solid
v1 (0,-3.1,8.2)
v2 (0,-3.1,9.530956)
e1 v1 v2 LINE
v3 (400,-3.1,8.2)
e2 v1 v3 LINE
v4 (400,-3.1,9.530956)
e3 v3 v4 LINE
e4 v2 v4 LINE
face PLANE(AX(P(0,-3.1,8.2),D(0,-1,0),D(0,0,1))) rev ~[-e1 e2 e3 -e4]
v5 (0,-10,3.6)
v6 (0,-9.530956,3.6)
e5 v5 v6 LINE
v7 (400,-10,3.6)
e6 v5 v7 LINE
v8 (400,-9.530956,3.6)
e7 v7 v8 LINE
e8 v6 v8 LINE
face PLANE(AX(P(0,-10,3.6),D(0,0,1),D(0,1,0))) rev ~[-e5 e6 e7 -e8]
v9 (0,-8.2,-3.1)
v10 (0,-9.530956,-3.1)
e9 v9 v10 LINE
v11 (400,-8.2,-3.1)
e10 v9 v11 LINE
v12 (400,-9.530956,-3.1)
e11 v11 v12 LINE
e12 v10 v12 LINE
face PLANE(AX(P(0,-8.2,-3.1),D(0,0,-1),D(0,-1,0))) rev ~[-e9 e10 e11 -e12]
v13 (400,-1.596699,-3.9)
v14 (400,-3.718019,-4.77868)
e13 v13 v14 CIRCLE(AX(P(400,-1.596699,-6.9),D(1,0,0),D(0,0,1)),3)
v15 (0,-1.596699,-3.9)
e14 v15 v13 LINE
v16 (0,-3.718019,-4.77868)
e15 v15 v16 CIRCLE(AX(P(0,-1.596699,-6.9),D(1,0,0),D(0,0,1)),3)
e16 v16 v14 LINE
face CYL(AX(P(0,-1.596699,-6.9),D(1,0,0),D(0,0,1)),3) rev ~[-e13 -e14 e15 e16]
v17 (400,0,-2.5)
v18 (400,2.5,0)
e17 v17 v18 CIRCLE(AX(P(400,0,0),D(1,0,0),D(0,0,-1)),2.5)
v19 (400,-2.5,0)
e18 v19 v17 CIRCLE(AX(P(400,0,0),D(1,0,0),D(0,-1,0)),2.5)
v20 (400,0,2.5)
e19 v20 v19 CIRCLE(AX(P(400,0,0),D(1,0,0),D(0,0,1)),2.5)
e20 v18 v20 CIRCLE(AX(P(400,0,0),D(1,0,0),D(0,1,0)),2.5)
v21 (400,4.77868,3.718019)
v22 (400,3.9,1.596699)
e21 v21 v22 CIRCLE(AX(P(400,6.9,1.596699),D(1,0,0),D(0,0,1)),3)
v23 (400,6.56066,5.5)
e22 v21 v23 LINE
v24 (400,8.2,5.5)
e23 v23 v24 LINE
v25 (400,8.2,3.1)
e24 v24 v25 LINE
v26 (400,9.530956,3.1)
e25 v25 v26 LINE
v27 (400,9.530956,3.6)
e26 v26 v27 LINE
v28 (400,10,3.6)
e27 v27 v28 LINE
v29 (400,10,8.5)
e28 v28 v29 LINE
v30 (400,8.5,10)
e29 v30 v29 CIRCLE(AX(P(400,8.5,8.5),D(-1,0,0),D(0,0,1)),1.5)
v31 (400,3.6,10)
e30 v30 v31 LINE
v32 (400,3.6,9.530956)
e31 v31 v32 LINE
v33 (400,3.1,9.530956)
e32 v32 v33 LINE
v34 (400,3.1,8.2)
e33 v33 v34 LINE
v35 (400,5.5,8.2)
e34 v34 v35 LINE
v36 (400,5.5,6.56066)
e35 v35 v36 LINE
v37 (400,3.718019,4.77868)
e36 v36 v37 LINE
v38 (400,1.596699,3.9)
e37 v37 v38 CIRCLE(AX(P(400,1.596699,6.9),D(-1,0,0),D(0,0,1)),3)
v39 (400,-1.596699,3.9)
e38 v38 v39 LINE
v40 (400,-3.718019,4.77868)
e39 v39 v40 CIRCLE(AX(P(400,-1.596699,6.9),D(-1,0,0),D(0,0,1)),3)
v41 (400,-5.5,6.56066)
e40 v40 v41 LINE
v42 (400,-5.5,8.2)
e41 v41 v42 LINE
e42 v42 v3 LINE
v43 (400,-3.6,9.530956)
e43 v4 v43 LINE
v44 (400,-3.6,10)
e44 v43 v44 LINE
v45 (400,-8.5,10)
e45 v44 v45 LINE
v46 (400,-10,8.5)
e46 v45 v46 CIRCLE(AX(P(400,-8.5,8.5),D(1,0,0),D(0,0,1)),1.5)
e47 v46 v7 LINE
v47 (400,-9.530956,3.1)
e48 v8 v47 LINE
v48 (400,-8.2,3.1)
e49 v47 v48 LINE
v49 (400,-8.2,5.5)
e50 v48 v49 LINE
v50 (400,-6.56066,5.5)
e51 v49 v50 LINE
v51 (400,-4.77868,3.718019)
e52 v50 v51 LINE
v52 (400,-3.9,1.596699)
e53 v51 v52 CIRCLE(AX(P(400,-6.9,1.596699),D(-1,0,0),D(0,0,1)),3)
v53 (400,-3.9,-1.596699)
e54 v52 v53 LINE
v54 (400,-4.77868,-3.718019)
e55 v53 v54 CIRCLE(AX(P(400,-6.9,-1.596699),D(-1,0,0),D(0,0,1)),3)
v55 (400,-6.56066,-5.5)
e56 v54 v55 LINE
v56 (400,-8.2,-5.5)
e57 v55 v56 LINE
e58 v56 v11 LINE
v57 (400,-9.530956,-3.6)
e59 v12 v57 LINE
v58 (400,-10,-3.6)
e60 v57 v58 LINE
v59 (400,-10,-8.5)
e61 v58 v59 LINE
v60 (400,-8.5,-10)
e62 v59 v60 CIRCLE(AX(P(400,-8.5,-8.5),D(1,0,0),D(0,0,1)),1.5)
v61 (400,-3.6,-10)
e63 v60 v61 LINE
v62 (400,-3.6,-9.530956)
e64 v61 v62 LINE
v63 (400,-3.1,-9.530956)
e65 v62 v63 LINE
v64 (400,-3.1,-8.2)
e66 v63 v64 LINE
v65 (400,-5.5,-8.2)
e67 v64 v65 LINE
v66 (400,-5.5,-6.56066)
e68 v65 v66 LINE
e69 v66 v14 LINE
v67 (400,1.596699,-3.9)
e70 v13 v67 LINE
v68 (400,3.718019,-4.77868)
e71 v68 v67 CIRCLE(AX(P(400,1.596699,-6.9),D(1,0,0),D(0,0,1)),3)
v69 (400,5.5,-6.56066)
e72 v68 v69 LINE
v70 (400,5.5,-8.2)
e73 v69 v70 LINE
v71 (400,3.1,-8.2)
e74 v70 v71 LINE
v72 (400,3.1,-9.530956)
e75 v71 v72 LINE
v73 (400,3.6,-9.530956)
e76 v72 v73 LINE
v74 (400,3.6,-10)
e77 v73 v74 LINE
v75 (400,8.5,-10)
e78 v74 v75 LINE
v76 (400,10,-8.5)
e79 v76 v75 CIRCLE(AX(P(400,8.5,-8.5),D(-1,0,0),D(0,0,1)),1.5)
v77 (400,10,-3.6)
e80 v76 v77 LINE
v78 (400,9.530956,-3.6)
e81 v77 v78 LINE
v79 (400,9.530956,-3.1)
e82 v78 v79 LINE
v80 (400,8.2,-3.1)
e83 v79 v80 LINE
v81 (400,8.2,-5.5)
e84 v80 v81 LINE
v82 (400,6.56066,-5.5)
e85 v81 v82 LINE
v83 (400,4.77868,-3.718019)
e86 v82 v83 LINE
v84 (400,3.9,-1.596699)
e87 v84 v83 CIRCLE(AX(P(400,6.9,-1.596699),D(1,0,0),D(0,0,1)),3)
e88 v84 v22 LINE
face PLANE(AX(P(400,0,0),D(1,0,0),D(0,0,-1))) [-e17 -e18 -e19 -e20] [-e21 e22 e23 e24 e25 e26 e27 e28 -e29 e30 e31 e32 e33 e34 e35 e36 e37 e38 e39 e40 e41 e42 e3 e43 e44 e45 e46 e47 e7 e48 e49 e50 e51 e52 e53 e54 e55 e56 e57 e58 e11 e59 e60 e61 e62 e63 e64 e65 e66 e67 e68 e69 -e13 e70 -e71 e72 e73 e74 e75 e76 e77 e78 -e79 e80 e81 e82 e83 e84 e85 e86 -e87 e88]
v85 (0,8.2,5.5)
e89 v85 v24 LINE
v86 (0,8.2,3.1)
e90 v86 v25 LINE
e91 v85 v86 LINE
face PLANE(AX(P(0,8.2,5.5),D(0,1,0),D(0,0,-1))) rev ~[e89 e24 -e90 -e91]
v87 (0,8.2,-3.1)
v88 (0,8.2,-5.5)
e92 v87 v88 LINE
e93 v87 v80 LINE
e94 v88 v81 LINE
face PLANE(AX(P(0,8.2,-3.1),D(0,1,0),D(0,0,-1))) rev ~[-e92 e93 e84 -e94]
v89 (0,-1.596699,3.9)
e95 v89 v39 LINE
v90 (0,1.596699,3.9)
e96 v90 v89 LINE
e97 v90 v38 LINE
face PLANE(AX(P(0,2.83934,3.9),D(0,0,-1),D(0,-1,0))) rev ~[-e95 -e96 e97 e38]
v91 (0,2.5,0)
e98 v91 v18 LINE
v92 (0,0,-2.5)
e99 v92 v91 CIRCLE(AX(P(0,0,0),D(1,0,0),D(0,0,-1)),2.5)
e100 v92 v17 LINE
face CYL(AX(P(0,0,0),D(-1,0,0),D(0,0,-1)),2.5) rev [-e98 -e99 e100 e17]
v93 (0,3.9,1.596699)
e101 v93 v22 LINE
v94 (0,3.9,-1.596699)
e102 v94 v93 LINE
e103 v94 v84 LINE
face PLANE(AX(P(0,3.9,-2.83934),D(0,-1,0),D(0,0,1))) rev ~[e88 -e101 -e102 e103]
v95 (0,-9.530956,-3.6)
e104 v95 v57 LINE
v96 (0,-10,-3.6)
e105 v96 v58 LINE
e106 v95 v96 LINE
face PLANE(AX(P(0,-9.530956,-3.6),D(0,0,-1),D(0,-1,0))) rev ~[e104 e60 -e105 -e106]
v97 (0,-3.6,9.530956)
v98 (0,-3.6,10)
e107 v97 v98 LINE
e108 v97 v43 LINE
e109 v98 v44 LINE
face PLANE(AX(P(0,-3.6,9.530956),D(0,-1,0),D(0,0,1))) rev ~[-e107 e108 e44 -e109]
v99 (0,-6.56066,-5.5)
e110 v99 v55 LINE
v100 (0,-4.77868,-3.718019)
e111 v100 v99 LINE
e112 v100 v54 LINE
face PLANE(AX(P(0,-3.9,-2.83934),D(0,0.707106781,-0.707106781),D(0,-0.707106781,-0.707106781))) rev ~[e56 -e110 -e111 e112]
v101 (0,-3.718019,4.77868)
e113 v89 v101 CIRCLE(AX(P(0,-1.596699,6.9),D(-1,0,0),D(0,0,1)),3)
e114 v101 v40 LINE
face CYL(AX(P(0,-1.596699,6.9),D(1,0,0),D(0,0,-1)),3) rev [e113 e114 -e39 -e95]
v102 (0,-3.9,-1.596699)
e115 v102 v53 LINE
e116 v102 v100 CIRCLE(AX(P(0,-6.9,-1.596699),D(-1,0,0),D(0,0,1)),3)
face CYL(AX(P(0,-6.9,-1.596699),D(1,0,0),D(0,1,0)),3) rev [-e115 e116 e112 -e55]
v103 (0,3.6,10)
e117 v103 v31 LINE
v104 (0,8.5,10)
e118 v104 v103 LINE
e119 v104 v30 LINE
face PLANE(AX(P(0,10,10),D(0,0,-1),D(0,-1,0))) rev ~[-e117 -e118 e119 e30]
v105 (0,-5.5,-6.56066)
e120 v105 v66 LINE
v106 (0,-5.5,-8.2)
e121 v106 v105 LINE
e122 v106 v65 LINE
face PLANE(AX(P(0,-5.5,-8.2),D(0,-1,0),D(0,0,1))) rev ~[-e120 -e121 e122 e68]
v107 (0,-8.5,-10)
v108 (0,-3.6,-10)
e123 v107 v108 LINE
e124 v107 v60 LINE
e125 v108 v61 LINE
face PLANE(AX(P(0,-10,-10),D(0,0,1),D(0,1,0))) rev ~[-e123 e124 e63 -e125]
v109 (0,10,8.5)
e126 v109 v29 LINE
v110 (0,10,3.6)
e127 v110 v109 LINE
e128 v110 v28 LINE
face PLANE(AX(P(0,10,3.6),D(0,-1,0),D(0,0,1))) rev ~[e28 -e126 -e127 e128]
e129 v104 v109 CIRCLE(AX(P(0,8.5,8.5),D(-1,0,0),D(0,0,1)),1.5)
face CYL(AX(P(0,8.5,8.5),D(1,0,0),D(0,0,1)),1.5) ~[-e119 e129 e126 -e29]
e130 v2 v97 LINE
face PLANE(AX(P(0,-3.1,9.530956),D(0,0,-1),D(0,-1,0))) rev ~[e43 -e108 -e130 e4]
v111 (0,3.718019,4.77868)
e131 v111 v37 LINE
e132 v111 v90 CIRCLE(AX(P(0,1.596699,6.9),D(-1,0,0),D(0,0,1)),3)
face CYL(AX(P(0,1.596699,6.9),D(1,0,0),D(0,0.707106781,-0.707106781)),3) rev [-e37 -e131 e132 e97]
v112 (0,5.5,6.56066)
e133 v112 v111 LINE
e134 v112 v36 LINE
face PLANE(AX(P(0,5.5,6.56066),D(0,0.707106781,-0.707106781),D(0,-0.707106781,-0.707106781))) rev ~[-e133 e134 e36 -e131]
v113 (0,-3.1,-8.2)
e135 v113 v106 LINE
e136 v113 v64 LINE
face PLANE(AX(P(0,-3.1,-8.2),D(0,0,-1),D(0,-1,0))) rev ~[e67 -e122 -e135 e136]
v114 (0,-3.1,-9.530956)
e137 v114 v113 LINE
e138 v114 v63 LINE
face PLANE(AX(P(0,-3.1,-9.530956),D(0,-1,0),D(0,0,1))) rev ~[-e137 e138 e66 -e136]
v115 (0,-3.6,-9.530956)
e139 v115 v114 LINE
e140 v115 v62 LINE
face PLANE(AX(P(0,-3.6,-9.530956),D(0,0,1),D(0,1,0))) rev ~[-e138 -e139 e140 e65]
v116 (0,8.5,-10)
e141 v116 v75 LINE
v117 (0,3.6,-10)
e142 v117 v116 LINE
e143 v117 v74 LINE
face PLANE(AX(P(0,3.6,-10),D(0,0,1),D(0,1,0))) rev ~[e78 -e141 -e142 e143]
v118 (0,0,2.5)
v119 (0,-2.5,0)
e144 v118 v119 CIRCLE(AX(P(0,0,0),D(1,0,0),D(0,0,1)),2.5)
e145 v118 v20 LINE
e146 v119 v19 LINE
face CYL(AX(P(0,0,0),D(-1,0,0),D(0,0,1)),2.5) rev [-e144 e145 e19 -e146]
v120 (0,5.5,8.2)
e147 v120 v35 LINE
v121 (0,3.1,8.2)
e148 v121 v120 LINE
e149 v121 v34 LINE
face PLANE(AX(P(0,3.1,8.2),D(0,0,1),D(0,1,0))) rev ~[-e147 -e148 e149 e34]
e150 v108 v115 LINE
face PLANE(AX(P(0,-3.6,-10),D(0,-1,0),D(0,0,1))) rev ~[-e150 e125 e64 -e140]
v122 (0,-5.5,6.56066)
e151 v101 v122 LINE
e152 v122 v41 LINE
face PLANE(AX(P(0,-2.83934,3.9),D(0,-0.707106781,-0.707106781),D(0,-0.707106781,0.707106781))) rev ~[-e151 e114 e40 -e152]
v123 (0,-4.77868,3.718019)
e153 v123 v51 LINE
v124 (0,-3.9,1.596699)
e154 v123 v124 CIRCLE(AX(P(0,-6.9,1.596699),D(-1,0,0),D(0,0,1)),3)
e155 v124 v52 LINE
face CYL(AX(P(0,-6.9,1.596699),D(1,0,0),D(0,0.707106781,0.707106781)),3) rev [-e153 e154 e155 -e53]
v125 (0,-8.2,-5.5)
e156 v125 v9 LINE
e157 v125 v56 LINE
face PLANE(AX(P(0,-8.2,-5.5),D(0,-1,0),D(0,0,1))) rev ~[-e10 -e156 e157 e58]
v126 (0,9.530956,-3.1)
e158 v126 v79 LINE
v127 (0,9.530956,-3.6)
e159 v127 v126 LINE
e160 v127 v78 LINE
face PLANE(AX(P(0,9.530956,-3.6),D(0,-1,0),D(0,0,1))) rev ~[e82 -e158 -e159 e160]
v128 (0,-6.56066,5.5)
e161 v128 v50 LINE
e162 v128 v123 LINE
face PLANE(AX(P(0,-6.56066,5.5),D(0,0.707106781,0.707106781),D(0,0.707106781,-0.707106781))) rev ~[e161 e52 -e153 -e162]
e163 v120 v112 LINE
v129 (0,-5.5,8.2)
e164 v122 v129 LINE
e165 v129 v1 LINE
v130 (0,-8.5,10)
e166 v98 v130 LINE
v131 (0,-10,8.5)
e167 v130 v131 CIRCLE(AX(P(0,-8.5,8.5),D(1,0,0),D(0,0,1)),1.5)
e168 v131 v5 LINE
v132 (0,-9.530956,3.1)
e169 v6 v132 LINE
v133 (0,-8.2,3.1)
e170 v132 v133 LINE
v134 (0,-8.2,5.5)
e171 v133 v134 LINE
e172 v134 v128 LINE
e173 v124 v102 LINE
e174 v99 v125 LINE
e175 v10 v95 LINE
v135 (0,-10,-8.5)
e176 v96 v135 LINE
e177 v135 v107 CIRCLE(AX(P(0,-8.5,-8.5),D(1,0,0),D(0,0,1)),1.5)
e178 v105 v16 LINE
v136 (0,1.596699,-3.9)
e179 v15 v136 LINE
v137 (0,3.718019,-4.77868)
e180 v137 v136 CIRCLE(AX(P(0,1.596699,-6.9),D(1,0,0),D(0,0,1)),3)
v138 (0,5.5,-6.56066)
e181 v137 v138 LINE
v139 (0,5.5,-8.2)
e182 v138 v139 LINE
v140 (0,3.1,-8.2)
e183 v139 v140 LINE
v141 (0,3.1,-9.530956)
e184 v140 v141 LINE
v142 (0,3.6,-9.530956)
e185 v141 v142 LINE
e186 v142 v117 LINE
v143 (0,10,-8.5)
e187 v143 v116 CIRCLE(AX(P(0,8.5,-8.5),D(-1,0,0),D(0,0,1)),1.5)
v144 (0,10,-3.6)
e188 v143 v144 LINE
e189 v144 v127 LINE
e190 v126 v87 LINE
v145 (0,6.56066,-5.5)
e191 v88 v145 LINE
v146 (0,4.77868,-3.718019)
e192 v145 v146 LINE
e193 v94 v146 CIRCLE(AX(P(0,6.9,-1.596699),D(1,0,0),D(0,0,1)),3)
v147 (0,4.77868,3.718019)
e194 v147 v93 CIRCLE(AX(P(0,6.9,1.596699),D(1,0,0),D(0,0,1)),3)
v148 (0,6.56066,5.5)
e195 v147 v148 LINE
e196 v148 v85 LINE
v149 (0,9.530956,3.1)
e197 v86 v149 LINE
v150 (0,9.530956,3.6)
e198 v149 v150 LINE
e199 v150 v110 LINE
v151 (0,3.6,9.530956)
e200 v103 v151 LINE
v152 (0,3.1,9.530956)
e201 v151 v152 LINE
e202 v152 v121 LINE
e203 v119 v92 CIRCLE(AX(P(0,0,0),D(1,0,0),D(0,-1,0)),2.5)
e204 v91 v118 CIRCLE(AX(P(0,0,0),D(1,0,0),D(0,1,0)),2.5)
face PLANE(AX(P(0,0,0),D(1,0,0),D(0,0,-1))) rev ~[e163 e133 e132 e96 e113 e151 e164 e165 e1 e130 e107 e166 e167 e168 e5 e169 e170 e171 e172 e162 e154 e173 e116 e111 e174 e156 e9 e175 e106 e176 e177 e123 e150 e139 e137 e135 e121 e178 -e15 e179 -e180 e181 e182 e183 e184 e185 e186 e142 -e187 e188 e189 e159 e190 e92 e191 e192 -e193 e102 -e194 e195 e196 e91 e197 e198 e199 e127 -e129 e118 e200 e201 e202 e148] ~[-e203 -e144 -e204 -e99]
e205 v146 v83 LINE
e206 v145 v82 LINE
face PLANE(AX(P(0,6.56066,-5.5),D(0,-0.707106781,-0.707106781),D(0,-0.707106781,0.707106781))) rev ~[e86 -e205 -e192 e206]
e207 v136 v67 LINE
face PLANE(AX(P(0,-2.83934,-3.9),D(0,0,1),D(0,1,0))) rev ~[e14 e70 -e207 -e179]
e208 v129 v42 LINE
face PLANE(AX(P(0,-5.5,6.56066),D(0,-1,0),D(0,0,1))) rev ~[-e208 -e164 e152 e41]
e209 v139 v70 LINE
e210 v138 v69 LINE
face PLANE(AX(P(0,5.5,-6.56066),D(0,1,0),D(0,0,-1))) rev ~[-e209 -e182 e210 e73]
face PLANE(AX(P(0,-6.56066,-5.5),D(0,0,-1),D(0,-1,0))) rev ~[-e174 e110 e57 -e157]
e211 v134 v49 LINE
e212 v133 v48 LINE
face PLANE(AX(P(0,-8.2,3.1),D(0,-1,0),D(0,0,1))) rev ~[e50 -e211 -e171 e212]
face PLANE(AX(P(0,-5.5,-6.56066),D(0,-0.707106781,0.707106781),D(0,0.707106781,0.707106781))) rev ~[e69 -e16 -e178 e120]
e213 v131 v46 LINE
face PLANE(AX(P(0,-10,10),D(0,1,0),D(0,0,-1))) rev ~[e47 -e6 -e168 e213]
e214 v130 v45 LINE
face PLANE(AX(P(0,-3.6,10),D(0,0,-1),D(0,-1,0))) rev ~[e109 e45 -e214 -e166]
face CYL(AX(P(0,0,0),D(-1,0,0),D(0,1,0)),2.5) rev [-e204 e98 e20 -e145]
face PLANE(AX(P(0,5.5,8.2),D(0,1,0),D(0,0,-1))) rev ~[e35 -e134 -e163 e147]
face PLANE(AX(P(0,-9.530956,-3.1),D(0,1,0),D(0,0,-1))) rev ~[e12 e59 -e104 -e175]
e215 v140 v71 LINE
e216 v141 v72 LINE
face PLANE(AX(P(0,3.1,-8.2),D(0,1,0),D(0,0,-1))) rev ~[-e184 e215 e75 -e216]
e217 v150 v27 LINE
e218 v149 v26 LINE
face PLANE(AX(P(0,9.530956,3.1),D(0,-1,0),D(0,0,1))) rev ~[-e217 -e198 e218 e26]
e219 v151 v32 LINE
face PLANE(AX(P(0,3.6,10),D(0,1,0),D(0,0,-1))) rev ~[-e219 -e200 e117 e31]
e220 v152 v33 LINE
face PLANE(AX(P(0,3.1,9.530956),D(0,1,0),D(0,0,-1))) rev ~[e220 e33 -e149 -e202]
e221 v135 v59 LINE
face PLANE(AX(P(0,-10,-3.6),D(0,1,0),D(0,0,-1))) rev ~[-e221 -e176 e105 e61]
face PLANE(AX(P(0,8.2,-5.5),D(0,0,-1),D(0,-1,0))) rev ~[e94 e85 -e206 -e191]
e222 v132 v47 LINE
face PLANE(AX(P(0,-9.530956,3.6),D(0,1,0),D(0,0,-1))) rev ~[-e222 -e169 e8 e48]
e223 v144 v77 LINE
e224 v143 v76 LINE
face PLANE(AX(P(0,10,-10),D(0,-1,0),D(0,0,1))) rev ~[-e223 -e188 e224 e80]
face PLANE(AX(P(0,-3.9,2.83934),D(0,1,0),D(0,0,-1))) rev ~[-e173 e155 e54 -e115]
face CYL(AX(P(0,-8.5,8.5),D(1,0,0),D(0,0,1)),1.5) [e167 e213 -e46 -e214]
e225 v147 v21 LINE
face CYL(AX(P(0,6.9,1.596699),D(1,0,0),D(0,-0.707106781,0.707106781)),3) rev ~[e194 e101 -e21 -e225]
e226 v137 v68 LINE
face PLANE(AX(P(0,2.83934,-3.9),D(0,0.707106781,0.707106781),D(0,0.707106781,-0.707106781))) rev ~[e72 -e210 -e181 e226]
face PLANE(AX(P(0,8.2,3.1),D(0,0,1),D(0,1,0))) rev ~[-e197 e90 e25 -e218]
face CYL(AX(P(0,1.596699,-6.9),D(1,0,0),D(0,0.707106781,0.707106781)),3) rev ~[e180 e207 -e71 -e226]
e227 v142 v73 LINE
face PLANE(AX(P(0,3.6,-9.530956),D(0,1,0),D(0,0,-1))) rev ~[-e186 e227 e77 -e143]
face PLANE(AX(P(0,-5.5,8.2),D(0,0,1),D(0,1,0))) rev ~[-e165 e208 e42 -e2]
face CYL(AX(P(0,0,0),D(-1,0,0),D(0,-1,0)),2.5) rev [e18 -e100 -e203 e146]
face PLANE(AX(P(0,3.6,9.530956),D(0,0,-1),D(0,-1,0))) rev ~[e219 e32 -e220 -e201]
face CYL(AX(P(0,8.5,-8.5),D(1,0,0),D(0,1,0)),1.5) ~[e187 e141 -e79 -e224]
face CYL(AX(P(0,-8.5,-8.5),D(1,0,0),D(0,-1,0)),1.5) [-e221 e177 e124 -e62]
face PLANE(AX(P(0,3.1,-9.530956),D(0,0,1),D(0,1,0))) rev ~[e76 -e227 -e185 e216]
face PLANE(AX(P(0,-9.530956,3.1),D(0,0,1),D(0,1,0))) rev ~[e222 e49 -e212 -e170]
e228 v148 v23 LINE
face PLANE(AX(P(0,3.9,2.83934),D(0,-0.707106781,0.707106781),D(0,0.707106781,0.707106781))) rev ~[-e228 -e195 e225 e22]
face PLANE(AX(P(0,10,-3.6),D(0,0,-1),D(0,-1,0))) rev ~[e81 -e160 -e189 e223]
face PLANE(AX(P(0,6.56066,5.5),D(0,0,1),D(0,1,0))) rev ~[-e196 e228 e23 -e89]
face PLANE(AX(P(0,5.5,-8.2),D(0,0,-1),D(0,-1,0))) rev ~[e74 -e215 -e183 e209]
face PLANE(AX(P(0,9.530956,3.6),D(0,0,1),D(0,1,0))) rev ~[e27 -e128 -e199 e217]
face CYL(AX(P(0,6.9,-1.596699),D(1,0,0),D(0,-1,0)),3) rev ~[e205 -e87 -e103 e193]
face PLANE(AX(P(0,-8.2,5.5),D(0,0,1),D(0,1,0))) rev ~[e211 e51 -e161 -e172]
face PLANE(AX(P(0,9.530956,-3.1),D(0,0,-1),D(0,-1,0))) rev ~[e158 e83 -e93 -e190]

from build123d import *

# Parameters (mm, degrees)
EXTRUDE_1_DEPTH = 400
FILLET_1_R      = 1.5
FILLET_2_R      = 3


with BuildPart() as part:
    # 草图1 → 凸台-拉伸1 (new body)
    with BuildSketch(Plane(origin=(0, 0, 0), x_dir=(0, 0, -1), z_dir=(1, 0, 0))):
        Polygon((-10, 10), (-10, 3.6), (-9.530955747, 3.6), (-9.530955747, 3.1), (-8.2, 3.1), (-8.2, 5.5), (-6.560660172, 5.5), (-3.9, 2.839339828), (-3.9, 0), (-3.9, -2.839339828), (-6.560660172, -5.5), (-8.2, -5.5), (-8.2, -3.1), (-9.530955747, -3.1), (-9.530955747, -3.6), (-10, -3.6), (-10, -10), (-3.6, -10), (-3.6, -9.530955747), (-3.1, -9.530955747), (-3.1, -8.2), (-5.5, -8.2), (-5.5, -6.560660172), (-2.839339828, -3.9), (0, -3.9), (2.839339828, -3.9), (5.5, -6.560660172), (5.5, -8.2), (3.1, -8.2), (3.1, -9.530955747), (3.6, -9.530955747), (3.6, -10), (10, -10), (10, -3.6), (9.530955747, -3.6), (9.530955747, -3.1), (8.2, -3.1), (8.2, -5.5), (6.560660172, -5.5), (3.9, -2.839339828), (3.9, 0), (3.9, 2.839339828), (6.560660172, 5.5), (8.2, 5.5), (8.2, 3.1), (9.530955747, 3.1), (9.530955747, 3.6), (10, 3.6), (10, 10), (3.6, 10), (3.6, 9.530955747), (3.1, 9.530955747), (3.1, 8.2), (5.5, 8.2), (5.5, 6.560660172), (2.839339828, 3.9), (0, 3.9), (-2.839339828, 3.9), (-5.5, 6.560660172), (-5.5, 8.2), (-3.1, 8.2), (-3.1, 9.530955747), (-3.6, 9.530955747), (-3.6, 10), align=None)
        with BuildLine():
            ThreePointArc((0, 2.5), (-1.767766953, 1.767766953), (-2.5, 0))
            ThreePointArc((-2.5, 0), (-1.767766953, -1.767766953), (0, -2.5))
            ThreePointArc((0, -2.5), (1.767766953, -1.767766953), (2.5, 0))
            ThreePointArc((2.5, 0), (1.767766953, 1.767766953), (0, 2.5))
        make_face(mode=Mode.SUBTRACT)
    extrude(amount=EXTRUDE_1_DEPTH)

    # 圆角1
    fillet_1_edges = [part.edges().sort_by_distance(p)[0] for p in [
        (200, -10, -10),
        (200, -10, 10),
        (200, 10, 10),
        (200, 10, -10),
    ]]
    fillet(fillet_1_edges, radius=FILLET_1_R)

    # 圆角2
    fillet_2_edges = [part.edges().sort_by_distance(p)[0] for p in [
        (200, -3.9, -2.839339828),
        (200, -3.9, 2.839339828),
        (200, -2.839339828, 3.9),
        (200, 2.839339828, 3.9),
        (200, 3.9, 2.839339828),
        (200, 3.9, -2.839339828),
        (200, 2.839339828, -3.9),
        (200, -2.839339828, -3.9),
    ]]
    fillet(fillet_2_edges, radius=FILLET_2_R)


solid = part.part
